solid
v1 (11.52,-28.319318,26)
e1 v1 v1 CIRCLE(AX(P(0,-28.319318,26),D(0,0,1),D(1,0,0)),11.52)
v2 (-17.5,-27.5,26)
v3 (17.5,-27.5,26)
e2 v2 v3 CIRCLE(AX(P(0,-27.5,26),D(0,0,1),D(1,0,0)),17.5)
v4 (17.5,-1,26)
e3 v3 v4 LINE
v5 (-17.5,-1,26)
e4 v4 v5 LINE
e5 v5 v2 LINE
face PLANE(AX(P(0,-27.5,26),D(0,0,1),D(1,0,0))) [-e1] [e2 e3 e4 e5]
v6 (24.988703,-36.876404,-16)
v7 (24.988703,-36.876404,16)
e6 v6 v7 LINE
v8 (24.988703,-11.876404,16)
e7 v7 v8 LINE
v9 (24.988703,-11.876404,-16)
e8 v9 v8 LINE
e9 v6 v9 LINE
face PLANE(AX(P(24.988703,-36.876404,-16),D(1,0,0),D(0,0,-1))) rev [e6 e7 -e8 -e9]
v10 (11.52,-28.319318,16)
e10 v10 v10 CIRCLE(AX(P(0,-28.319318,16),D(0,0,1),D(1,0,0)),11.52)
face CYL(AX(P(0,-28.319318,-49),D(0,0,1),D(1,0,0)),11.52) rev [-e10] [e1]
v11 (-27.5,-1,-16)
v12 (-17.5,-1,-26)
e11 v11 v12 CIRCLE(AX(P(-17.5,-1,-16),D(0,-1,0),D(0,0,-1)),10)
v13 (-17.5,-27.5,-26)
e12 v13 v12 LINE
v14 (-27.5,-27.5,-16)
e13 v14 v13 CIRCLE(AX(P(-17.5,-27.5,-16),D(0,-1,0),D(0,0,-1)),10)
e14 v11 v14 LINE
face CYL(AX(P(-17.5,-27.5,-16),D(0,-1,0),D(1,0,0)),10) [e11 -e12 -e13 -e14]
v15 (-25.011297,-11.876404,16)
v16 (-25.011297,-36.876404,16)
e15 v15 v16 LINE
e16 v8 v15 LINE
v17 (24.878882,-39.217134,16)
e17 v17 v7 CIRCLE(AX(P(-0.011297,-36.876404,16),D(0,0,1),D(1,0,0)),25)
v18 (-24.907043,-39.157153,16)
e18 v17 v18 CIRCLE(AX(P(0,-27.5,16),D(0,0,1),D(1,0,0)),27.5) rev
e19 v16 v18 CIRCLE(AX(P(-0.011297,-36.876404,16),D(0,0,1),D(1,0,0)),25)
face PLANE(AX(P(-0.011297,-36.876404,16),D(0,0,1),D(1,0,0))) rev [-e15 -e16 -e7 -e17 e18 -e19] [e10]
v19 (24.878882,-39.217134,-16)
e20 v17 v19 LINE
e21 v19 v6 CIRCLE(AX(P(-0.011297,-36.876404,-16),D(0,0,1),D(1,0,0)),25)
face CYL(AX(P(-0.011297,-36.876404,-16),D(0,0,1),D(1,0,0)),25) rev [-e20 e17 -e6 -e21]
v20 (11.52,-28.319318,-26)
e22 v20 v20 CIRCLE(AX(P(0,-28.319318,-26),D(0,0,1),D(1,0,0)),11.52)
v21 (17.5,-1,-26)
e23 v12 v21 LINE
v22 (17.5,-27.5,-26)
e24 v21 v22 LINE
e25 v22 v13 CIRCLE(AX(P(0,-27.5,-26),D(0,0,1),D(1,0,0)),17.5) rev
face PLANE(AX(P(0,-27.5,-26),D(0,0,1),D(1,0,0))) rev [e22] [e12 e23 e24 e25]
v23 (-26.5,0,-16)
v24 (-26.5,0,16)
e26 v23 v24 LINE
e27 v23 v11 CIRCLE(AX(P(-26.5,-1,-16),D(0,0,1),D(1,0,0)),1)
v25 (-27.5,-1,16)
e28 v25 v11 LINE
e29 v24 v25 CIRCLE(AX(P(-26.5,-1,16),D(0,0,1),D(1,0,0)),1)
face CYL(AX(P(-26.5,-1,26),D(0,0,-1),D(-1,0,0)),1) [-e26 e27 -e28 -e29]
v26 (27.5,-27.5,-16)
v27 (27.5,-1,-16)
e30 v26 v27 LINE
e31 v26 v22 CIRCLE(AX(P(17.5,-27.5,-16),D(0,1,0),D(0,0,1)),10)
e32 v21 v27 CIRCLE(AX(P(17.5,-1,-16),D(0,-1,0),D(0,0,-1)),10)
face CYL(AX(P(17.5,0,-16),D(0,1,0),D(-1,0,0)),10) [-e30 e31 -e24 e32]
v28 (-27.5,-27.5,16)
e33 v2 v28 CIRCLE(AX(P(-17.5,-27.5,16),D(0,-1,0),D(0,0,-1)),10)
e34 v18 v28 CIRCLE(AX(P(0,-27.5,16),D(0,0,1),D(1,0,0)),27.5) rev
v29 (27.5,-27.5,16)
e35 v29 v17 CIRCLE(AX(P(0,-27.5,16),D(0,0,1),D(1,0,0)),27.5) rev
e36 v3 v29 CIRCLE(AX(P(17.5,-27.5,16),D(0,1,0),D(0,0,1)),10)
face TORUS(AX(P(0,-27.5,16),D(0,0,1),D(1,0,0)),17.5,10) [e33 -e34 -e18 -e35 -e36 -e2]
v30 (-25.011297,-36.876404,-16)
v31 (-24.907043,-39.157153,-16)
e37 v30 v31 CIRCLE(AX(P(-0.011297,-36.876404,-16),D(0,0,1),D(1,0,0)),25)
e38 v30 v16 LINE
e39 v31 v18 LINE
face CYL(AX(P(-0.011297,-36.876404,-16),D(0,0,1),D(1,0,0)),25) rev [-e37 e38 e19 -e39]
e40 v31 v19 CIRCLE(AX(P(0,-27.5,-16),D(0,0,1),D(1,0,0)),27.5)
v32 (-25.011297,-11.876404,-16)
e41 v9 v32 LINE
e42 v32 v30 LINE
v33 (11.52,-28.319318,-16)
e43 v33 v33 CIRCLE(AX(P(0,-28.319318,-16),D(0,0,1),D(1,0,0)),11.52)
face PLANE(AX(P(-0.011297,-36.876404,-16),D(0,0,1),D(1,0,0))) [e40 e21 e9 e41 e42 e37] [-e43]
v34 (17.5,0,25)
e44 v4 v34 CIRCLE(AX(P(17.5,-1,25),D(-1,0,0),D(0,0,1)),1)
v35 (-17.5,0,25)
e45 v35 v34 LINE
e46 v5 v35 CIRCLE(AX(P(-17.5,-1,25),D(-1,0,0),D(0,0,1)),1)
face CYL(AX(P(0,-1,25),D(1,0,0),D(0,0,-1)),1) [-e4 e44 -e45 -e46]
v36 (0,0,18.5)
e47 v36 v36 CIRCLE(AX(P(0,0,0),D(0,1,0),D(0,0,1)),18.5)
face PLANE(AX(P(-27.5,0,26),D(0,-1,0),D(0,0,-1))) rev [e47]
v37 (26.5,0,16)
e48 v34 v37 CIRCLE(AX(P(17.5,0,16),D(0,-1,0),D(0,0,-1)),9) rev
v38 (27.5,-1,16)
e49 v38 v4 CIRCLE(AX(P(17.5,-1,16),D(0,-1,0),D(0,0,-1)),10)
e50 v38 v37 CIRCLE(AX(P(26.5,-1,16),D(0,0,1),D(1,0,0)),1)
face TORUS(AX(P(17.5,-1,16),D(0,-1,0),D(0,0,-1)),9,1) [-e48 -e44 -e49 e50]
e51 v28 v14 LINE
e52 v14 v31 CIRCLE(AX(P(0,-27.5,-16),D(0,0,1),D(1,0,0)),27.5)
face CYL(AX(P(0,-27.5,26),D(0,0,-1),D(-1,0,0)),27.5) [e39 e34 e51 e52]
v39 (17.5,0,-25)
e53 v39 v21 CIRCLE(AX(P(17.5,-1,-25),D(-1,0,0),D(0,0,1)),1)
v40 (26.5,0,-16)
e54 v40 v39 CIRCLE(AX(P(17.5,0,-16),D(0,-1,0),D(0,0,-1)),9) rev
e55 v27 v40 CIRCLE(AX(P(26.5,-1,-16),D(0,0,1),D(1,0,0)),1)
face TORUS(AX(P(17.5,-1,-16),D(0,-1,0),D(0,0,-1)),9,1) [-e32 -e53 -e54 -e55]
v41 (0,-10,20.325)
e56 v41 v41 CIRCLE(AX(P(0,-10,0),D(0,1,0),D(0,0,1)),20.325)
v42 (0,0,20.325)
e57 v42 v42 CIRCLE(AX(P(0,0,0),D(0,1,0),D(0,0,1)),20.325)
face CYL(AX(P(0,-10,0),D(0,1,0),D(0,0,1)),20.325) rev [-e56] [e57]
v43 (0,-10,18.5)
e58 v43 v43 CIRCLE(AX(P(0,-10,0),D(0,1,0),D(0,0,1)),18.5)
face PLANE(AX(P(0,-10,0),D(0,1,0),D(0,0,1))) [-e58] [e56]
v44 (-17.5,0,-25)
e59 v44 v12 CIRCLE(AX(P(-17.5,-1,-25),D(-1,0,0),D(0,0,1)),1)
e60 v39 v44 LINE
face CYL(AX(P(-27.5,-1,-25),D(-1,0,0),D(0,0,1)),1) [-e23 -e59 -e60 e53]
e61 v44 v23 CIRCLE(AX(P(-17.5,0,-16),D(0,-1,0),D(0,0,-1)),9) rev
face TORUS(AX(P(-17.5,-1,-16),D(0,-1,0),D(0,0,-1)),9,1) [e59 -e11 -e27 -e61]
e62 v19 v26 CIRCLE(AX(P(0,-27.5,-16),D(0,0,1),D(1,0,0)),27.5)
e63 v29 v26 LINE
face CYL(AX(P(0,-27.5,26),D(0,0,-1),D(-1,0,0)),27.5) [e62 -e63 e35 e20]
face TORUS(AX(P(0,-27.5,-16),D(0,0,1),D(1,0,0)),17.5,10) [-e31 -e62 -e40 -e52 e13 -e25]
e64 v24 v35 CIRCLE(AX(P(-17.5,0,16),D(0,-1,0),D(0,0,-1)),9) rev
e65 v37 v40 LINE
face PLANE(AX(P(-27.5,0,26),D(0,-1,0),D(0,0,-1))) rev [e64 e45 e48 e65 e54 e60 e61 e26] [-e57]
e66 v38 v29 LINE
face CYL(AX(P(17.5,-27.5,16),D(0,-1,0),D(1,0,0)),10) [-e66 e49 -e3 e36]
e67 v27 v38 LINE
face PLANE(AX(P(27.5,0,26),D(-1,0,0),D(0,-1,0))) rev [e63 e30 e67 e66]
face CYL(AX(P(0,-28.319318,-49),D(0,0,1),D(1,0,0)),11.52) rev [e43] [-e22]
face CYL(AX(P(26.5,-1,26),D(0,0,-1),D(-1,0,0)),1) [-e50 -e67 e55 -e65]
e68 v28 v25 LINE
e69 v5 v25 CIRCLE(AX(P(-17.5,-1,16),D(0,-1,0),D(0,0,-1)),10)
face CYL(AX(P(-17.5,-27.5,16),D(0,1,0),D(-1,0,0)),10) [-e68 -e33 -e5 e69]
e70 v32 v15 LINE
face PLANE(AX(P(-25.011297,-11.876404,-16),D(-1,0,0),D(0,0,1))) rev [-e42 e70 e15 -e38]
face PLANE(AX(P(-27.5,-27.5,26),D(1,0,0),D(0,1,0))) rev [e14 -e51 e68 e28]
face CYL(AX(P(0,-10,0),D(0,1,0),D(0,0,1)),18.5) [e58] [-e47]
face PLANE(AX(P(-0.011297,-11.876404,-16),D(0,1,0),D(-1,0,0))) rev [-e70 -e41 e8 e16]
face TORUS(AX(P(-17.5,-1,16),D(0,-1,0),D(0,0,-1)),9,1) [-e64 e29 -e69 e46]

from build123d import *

# Parameters (mm, degrees)
BOSS_EXTRUDE1_DEPTH = 26
SKETCH3_R           = 20.325
SKETCH3_R_2         = 18.5
CUT_EXTRUDE1_DEPTH  = 10
FILLET1_R           = 10
FILLET5_R           = 1
CUT_EXTRUDE2_DEPTH  = 16
SKETCH10_R          = 11.52
CUT_EXTRUDE4_DEPTH  = 75


with BuildPart() as part:
    # Sketch2 → Boss-Extrude1 (new, symmetric)
    with BuildSketch(Plane.XY):
        with BuildLine():
            Line((-27.5, -27.5), (-27.5, 0))
            Line((-27.5, 0), (27.5, 0))
            Line((27.5, 0), (27.5, -27.5))
            ThreePointArc((27.5, -27.5), (0, -55), (-27.5, -27.5))
        make_face()
    extrude(amount=BOSS_EXTRUDE1_DEPTH, both=True)

    # Sketch3 → Cut-Extrude1 (cut)
    with BuildSketch(Plane(origin=(0, 0, 0), x_dir=(1, 0, 0), z_dir=(0, 1, 0))):
        with Locations(Location((0, 0, 0), (0, 0, 270))):
            Circle(SKETCH3_R)
        with Locations(Location((0, 0, 0), (0, 0, 270))):
            Circle(SKETCH3_R_2, mode=Mode.SUBTRACT)
    extrude(amount=-CUT_EXTRUDE1_DEPTH, mode=Mode.SUBTRACT)

    # Fillet1
    fillet1_edges = [part.edges().sort_by_distance(p)[0] for p in [
        (-27.5, -13.75, 26),
        (0, -55, 26),
        (-27.5, -13.75, -26),
        (27.5, -13.75, -26),
        (0, -55, -26),
        (27.5, -13.75, 26),
    ]]
    fillet(fillet1_edges, radius=FILLET1_R)

    # Fillet5
    fillet5_edges = [part.edges().sort_by_distance(p)[0] for p in [
        (27.5, 0, 0),
        (0, 0, -26),
        (-27.5, 0, 0),
        (0, 0, 26),
        (-24.571067812, 0, 23.071067812),
        (-24.571067812, 0, -23.071067812),
        (24.571067812, 0, 23.071067812),
        (24.571067812, 0, -23.071067812),
    ]]
    fillet(fillet5_edges, radius=FILLET5_R)

    # Sketch7 → Cut-Extrude2 (cut, symmetric)
    with BuildSketch(Plane.XY):
        with BuildLine():
            Line((-0.011296589, -11.876404256), (-25.011296589, -11.876404256))
            Line((-25.011296589, -11.876404256), (-25.011296589, -36.876404256))
            ThreePointArc((-25.011296589, -36.876404256), (-0.011296589, -61.876404256), (24.988703411, -36.876404256))
            Line((24.988703411, -36.876404256), (24.988703411, -11.876404256))
            Line((24.988703411, -11.876404256), (-0.011296589, -11.876404256))
        make_face()
    extrude(amount=CUT_EXTRUDE2_DEPTH, both=True, mode=Mode.SUBTRACT)

    # Sketch10 → Cut-Extrude4 (cut)
    with BuildSketch(Plane.XY.offset(26)):
        with Locations((0, -28.319318025)):
            Circle(SKETCH10_R)
    extrude(amount=-CUT_EXTRUDE4_DEPTH, mode=Mode.SUBTRACT)


solid = part.part
